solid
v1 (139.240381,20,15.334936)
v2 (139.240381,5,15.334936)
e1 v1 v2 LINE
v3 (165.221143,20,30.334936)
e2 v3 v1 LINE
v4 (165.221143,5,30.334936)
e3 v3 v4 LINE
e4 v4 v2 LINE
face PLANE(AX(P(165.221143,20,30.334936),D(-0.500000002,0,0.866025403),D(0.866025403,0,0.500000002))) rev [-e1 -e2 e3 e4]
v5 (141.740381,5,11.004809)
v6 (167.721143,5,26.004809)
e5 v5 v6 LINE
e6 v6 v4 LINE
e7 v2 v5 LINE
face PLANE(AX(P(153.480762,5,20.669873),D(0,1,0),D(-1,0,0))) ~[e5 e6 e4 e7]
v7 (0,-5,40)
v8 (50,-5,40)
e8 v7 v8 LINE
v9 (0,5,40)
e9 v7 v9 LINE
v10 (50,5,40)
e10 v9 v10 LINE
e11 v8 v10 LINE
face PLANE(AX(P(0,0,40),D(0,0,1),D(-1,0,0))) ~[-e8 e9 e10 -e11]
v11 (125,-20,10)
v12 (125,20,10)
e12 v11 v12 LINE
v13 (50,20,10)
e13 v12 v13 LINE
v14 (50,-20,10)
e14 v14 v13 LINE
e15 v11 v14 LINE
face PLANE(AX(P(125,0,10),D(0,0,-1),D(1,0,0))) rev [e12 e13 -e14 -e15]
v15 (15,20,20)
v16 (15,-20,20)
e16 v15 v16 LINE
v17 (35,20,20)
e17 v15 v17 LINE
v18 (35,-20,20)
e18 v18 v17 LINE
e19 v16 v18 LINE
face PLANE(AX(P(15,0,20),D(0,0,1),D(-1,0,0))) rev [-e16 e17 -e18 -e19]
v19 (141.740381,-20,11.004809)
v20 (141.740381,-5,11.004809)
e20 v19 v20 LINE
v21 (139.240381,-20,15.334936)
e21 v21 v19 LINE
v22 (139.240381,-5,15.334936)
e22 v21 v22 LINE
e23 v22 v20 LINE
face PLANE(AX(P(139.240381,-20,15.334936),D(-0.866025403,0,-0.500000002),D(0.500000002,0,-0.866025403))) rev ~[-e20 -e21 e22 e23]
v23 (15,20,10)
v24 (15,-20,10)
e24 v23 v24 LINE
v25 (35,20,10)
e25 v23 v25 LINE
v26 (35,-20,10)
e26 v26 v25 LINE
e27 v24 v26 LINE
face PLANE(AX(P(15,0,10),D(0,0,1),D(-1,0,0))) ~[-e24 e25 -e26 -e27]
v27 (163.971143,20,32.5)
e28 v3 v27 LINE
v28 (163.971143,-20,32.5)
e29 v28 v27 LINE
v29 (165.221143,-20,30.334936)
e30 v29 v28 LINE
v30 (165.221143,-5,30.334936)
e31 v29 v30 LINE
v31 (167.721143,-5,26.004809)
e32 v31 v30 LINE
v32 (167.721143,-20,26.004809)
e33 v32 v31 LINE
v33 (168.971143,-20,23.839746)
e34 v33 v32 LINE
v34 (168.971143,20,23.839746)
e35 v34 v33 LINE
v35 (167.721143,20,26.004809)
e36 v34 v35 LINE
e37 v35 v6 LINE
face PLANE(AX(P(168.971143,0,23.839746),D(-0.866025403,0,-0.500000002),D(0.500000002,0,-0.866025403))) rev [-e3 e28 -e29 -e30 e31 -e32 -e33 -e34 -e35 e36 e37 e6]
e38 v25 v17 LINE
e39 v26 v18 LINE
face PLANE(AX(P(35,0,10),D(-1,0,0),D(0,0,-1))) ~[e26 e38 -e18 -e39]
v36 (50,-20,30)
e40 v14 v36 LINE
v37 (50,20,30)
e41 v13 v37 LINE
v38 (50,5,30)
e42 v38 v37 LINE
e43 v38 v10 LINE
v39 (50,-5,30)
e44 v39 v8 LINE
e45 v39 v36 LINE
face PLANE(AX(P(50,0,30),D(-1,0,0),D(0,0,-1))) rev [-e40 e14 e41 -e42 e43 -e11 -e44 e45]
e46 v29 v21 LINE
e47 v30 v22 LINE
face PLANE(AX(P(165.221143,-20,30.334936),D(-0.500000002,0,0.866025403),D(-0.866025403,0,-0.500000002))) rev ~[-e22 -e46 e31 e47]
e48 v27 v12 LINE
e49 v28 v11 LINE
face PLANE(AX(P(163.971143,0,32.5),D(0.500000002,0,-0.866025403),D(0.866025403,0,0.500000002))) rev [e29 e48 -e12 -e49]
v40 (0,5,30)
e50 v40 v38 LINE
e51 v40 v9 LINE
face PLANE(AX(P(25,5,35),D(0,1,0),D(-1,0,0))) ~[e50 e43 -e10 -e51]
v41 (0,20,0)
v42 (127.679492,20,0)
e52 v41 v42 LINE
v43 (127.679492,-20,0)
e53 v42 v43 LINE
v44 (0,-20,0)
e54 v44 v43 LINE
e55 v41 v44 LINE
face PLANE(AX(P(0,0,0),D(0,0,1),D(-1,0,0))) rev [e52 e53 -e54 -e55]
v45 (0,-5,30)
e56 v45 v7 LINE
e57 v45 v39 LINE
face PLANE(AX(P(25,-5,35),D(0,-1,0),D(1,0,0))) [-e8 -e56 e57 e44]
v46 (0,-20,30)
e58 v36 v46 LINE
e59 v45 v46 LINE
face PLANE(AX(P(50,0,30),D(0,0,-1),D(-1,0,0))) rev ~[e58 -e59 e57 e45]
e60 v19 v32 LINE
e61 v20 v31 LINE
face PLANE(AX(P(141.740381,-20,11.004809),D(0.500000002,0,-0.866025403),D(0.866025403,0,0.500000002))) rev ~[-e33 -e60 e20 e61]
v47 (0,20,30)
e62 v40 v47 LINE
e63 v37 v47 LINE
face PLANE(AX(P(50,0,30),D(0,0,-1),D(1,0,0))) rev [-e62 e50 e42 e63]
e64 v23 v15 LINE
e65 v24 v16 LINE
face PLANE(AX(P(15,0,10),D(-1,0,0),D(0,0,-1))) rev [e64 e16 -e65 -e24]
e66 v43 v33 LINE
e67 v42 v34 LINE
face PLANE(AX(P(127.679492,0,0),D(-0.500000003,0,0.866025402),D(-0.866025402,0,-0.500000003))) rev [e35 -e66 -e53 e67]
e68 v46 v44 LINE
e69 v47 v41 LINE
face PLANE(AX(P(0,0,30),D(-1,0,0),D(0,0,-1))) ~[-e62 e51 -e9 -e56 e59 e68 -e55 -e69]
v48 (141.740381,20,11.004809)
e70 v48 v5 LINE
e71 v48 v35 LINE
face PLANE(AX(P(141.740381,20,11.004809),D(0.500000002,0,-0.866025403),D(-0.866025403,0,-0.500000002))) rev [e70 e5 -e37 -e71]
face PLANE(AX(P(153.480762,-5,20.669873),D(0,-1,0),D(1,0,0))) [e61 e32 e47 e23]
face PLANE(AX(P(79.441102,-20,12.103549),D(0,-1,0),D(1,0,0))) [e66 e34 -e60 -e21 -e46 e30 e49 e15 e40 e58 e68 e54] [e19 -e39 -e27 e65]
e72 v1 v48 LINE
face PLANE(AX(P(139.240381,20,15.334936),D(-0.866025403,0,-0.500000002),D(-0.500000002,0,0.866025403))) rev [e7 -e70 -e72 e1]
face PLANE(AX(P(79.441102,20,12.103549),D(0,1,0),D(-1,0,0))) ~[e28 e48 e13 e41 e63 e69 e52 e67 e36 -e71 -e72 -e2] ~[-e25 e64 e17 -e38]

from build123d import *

# Parameters (mm, degrees)
F0_W     = 20
F0_H     = 10
F1_DEPTH = 20
F0_W_2   = 50
F2_DEPTH = 5
F4_DEPTH = 15


with BuildPart() as f1:
    # F0 (on Front) → F1 (new body)
    with BuildSketch(Plane.XZ):
        Polygon((50, 30), (0, 30), (0, 0), (127.679492, 0), (168.971143, 23.839746), (163.971143, 32.5), (125, 10), (50, 10), align=None)
        with Locations((25, 15)):
            Rectangle(F0_W, F0_H, mode=Mode.SUBTRACT)
    extrude(amount=F1_DEPTH)

    # F0 (on Front) → F2 (join)
    with BuildSketch(Plane.XZ):
        with Locations((25, 35)):
            Rectangle(F0_W_2, F0_H)
    extrude(amount=F2_DEPTH)

    # F3 (on face) → F4 (cut)
    with BuildSketch(Plane.XZ.offset(20)):
        Polygon((167.721143, 26.004809), (165.221143, 30.334936), (139.240381, 15.334936), (141.740381, 11.004809), align=None)
    extrude(amount=-F4_DEPTH, mode=Mode.SUBTRACT)

    # F5: F1 across plane


with BuildPart() as f1_1:
    add(f1.part)
    add(f1.part.mirror(Plane.XZ))


solid = f1_1.part
